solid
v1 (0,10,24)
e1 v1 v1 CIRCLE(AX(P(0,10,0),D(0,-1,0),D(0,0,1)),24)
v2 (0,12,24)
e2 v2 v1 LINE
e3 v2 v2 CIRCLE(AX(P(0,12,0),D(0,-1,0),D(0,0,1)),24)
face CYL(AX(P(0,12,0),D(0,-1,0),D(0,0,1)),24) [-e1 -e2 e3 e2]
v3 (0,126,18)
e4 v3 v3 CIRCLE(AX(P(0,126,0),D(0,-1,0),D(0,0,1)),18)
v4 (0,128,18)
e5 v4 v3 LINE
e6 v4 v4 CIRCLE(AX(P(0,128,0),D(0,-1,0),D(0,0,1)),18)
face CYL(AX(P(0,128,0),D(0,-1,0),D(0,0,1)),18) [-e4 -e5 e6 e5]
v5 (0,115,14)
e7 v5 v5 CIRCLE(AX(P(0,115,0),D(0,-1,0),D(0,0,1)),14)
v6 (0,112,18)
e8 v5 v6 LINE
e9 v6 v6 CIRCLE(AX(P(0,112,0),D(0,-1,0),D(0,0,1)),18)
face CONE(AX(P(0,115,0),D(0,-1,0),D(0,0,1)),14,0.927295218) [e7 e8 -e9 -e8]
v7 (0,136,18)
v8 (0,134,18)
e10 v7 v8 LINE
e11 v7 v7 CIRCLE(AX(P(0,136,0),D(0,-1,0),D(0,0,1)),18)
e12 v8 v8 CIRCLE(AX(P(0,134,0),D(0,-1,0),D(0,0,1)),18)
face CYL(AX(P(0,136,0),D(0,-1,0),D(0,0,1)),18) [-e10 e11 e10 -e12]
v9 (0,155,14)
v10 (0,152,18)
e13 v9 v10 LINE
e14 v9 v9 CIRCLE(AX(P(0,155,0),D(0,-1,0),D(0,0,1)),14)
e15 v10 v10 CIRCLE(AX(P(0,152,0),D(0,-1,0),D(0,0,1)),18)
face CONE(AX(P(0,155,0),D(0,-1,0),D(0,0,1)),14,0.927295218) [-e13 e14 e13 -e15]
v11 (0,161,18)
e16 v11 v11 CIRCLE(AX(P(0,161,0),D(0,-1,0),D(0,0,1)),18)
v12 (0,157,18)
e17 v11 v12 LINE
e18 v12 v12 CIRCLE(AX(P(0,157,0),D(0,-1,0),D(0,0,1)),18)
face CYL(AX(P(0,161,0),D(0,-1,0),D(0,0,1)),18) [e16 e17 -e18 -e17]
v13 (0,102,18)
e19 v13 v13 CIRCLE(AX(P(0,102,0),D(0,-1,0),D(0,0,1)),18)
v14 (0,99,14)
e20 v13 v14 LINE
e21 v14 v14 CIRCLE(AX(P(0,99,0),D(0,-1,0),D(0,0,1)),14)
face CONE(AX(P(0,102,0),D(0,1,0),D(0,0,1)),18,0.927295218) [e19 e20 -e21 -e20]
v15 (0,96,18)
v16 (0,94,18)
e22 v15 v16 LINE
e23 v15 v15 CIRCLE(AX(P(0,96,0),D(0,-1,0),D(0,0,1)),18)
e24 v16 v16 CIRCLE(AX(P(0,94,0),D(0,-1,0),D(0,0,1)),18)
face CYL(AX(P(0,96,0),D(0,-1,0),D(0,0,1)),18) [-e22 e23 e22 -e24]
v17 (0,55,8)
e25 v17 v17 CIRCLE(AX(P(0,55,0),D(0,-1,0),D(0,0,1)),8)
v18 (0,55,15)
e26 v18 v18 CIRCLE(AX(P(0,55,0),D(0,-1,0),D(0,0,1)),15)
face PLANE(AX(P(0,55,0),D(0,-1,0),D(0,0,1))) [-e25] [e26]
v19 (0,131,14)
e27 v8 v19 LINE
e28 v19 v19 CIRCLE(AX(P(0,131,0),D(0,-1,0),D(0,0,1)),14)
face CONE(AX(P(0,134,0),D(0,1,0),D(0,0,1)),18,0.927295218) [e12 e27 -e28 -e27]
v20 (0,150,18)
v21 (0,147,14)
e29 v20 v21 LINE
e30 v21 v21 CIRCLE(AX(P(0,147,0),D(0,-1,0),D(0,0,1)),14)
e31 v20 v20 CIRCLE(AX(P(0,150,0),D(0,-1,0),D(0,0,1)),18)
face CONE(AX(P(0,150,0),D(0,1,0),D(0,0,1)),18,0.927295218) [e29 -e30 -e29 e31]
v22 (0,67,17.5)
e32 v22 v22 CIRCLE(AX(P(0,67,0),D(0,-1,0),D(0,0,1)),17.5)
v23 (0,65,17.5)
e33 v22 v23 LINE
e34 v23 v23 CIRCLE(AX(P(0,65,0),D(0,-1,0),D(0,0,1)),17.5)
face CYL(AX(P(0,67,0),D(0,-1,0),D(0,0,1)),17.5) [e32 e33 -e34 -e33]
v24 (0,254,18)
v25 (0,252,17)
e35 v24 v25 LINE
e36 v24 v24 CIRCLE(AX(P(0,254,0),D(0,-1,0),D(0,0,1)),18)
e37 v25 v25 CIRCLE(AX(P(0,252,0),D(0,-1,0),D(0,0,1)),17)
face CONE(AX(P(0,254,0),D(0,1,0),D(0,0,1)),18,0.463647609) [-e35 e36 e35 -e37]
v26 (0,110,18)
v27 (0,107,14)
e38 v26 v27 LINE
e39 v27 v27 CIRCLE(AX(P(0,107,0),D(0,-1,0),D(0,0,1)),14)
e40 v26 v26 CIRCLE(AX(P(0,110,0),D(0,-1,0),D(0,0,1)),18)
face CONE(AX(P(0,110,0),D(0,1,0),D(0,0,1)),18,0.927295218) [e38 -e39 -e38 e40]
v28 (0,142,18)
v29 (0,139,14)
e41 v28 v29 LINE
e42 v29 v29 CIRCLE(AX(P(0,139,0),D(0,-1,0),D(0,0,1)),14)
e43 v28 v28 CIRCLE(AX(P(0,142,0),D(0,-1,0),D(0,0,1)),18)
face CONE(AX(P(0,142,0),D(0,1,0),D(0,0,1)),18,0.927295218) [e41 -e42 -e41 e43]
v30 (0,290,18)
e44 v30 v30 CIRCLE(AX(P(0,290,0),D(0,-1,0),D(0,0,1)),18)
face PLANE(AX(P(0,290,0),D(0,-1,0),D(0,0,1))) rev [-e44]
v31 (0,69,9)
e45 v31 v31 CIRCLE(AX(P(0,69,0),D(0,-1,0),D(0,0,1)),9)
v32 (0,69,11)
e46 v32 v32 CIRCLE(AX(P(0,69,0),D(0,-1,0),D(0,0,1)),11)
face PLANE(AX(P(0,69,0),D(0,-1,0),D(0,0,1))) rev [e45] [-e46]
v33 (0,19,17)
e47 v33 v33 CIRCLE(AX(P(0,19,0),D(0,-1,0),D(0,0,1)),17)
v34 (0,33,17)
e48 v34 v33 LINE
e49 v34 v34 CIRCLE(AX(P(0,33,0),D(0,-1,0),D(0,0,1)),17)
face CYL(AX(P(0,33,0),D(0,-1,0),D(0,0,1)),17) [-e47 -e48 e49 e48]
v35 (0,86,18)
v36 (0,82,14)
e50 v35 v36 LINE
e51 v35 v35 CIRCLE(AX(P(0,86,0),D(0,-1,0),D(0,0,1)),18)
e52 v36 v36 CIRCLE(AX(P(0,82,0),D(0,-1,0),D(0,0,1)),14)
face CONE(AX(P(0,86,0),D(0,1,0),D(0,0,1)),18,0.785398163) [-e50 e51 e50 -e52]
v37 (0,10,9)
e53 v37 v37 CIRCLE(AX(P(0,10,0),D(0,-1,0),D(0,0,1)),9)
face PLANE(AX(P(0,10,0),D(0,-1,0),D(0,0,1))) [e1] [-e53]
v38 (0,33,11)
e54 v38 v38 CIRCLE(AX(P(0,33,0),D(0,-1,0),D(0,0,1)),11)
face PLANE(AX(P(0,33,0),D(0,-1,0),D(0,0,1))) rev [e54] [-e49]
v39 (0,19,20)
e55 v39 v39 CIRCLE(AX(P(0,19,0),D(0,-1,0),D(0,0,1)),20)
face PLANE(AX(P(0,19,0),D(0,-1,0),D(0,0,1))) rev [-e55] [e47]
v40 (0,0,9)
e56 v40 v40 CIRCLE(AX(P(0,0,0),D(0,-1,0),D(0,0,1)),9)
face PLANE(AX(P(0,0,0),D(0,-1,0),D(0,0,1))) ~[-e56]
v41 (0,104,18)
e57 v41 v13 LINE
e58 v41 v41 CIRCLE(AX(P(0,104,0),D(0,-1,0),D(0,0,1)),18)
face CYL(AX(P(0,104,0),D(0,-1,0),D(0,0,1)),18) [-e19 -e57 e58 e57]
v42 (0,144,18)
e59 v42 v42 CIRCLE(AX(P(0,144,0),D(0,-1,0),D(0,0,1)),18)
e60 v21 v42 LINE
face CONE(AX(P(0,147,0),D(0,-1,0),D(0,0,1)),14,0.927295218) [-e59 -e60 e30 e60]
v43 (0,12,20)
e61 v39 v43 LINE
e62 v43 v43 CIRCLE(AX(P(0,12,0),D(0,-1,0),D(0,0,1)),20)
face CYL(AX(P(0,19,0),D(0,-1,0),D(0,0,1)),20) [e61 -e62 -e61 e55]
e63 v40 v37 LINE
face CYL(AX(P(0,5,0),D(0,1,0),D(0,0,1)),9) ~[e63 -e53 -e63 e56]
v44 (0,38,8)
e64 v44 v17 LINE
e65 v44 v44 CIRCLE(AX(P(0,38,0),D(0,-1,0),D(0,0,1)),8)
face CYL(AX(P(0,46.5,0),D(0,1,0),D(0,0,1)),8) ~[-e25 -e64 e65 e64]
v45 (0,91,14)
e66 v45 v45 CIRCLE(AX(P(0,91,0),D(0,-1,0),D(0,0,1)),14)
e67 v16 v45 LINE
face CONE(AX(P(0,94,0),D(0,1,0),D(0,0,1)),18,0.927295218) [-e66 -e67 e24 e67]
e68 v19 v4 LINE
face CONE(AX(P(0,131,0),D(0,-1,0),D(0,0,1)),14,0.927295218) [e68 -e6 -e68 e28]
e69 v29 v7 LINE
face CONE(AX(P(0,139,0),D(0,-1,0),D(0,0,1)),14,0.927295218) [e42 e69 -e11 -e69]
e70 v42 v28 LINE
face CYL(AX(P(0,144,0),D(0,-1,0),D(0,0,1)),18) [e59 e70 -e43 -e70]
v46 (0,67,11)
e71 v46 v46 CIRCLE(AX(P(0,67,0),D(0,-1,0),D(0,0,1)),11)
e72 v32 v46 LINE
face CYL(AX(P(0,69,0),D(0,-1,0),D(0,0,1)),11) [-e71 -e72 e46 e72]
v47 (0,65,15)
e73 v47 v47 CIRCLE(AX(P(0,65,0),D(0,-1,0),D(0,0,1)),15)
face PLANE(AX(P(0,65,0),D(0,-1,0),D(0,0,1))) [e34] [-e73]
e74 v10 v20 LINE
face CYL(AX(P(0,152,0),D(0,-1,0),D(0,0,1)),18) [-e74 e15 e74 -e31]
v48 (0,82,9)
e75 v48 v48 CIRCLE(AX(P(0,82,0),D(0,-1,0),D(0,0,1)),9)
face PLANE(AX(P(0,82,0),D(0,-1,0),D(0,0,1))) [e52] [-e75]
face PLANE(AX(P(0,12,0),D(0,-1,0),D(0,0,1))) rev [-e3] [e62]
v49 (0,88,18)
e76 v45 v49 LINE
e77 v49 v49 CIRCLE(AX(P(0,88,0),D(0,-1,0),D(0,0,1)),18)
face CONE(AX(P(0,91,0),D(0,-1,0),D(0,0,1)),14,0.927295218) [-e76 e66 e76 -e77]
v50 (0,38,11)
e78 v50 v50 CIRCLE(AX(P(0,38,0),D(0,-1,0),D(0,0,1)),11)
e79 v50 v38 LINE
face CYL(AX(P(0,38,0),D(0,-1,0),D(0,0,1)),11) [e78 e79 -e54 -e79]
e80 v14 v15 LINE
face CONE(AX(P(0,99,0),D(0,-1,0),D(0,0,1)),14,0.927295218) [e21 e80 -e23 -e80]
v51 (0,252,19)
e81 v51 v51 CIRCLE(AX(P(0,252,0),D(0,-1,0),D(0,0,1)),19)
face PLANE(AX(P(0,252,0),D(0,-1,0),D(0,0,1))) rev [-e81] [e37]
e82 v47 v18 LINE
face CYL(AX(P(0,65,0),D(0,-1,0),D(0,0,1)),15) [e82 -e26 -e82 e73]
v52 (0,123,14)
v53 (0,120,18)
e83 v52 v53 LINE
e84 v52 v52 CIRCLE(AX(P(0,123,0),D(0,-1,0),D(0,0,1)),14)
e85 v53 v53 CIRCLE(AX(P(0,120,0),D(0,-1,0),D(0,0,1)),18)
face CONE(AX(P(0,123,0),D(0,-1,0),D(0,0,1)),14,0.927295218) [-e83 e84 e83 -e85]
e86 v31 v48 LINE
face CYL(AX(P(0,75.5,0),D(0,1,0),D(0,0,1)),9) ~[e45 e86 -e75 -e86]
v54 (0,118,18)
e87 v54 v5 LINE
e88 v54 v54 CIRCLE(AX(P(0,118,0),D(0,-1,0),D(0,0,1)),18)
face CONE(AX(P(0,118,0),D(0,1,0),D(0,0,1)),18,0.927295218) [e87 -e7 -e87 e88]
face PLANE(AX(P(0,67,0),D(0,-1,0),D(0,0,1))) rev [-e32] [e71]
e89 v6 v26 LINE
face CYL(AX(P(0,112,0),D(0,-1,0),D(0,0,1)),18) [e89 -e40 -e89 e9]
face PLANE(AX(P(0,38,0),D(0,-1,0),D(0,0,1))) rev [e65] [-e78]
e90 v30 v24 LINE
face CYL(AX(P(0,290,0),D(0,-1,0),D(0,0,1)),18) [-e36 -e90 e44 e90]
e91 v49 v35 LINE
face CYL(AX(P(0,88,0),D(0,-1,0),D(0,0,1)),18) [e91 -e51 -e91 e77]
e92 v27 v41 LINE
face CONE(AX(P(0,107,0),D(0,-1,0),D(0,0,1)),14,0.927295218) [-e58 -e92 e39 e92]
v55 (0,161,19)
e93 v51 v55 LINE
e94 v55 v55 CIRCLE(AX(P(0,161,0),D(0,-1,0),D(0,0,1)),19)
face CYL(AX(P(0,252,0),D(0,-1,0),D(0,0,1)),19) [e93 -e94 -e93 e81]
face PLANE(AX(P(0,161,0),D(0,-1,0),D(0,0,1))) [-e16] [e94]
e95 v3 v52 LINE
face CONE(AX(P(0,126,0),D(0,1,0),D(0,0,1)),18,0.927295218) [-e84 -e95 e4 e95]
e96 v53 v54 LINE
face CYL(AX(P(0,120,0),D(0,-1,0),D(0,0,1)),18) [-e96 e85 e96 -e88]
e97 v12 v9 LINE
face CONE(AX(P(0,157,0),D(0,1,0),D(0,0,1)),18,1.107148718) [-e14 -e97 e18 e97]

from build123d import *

# Parameters (mm, degrees)
F0_W   = 10
F0_H   = 9
F0_W_2 = 17
F0_H_2 = 8
F0_W_3 = 13
F0_W_4 = 3
F0_H_3 = 19
F0_W_5 = 8
F0_H_4 = 18
F0_W_6 = 20


with BuildPart() as f1:
    # F0 (on Right) → F1 (revolve)
    with BuildSketch(Plane.YZ):
        with Locations((5, 4.5)):
            Rectangle(F0_W, F0_H)
        Polygon((10, 9), (10, 0), (12, 0), (12, 20), (12, 24), (10, 24), align=None)
        Polygon((12, 20), (12, 0), (19, 0), (19, 17), (19, 20), align=None)
        Polygon((19, 17), (19, 0), (33, 0), (33, 11), (33, 17), align=None)
        Polygon((33, 11), (33, 0), (38, 0), (38, 8), (38, 11), align=None)
        with Locations((46.5, 4)):
            Rectangle(F0_W_2, F0_H_2)
        Polygon((55, 8), (55, 0), (65, 0), (65, 15), (55, 15), align=None)
        Polygon((65, 15), (65, 0), (67, 0), (67, 11), (67, 17.5), (65, 17.5), align=None)
        Polygon((67, 11), (67, 0), (69, 0), (69, 9), (69, 11), align=None)
        with Locations((75.5, 4.5)):
            Rectangle(F0_W_3, F0_H)
        Polygon((82, 9), (82, 0), (91, 0), (91, 14), (88, 18), (86, 18), (82, 14), align=None)
        Polygon((91, 14), (91, 0), (99, 0), (99, 14), (96, 18), (94, 18), align=None)
        Polygon((99, 14), (99, 0), (107, 0), (107, 14), (104, 18), (102, 18), align=None)
        Polygon((107, 14), (107, 0), (115, 0), (115, 14), (112, 18), (110, 18), align=None)
        Polygon((115, 14), (115, 0), (123, 0), (123, 14), (120, 18), (118, 18), align=None)
        Polygon((123, 14), (123, 0), (131, 0), (131, 14), (128, 18), (126, 18), align=None)
        Polygon((131, 14), (131, 0), (139, 0), (139, 14), (136, 18), (134, 18), align=None)
        Polygon((139, 14), (139, 0), (147, 0), (147, 14), (144, 18), (142, 18), align=None)
        Polygon((147, 14), (147, 0), (155, 0), (155, 14), (152, 18), (150, 18), align=None)
        Polygon((155, 14), (155, 0), (161, 0), (161, 18), (157, 18), align=None)
        Polygon((161, 18), (161, 0), (215, 0), (215, 19), (161, 19), align=None)
        with Locations((216.5, 9.5)):
            Rectangle(F0_W_4, F0_H_3)
        Polygon((218, 19), (218, 0), (252, 0), (252, 17), (252, 19), align=None)
        Polygon((252, 17), (252, 0), (254, 0), (254, 18), align=None)
        with Locations((258, 9)):
            Rectangle(F0_W_5, F0_H_4)
        with Locations((272, 9)):
            Rectangle(F0_W_6, F0_H_4)
        with Locations((286, 9)):
            Rectangle(F0_W_5, F0_H_4)
    revolve(axis=Axis((0, -1.024425, 0), (0, -1, 0)))


solid = f1.part
